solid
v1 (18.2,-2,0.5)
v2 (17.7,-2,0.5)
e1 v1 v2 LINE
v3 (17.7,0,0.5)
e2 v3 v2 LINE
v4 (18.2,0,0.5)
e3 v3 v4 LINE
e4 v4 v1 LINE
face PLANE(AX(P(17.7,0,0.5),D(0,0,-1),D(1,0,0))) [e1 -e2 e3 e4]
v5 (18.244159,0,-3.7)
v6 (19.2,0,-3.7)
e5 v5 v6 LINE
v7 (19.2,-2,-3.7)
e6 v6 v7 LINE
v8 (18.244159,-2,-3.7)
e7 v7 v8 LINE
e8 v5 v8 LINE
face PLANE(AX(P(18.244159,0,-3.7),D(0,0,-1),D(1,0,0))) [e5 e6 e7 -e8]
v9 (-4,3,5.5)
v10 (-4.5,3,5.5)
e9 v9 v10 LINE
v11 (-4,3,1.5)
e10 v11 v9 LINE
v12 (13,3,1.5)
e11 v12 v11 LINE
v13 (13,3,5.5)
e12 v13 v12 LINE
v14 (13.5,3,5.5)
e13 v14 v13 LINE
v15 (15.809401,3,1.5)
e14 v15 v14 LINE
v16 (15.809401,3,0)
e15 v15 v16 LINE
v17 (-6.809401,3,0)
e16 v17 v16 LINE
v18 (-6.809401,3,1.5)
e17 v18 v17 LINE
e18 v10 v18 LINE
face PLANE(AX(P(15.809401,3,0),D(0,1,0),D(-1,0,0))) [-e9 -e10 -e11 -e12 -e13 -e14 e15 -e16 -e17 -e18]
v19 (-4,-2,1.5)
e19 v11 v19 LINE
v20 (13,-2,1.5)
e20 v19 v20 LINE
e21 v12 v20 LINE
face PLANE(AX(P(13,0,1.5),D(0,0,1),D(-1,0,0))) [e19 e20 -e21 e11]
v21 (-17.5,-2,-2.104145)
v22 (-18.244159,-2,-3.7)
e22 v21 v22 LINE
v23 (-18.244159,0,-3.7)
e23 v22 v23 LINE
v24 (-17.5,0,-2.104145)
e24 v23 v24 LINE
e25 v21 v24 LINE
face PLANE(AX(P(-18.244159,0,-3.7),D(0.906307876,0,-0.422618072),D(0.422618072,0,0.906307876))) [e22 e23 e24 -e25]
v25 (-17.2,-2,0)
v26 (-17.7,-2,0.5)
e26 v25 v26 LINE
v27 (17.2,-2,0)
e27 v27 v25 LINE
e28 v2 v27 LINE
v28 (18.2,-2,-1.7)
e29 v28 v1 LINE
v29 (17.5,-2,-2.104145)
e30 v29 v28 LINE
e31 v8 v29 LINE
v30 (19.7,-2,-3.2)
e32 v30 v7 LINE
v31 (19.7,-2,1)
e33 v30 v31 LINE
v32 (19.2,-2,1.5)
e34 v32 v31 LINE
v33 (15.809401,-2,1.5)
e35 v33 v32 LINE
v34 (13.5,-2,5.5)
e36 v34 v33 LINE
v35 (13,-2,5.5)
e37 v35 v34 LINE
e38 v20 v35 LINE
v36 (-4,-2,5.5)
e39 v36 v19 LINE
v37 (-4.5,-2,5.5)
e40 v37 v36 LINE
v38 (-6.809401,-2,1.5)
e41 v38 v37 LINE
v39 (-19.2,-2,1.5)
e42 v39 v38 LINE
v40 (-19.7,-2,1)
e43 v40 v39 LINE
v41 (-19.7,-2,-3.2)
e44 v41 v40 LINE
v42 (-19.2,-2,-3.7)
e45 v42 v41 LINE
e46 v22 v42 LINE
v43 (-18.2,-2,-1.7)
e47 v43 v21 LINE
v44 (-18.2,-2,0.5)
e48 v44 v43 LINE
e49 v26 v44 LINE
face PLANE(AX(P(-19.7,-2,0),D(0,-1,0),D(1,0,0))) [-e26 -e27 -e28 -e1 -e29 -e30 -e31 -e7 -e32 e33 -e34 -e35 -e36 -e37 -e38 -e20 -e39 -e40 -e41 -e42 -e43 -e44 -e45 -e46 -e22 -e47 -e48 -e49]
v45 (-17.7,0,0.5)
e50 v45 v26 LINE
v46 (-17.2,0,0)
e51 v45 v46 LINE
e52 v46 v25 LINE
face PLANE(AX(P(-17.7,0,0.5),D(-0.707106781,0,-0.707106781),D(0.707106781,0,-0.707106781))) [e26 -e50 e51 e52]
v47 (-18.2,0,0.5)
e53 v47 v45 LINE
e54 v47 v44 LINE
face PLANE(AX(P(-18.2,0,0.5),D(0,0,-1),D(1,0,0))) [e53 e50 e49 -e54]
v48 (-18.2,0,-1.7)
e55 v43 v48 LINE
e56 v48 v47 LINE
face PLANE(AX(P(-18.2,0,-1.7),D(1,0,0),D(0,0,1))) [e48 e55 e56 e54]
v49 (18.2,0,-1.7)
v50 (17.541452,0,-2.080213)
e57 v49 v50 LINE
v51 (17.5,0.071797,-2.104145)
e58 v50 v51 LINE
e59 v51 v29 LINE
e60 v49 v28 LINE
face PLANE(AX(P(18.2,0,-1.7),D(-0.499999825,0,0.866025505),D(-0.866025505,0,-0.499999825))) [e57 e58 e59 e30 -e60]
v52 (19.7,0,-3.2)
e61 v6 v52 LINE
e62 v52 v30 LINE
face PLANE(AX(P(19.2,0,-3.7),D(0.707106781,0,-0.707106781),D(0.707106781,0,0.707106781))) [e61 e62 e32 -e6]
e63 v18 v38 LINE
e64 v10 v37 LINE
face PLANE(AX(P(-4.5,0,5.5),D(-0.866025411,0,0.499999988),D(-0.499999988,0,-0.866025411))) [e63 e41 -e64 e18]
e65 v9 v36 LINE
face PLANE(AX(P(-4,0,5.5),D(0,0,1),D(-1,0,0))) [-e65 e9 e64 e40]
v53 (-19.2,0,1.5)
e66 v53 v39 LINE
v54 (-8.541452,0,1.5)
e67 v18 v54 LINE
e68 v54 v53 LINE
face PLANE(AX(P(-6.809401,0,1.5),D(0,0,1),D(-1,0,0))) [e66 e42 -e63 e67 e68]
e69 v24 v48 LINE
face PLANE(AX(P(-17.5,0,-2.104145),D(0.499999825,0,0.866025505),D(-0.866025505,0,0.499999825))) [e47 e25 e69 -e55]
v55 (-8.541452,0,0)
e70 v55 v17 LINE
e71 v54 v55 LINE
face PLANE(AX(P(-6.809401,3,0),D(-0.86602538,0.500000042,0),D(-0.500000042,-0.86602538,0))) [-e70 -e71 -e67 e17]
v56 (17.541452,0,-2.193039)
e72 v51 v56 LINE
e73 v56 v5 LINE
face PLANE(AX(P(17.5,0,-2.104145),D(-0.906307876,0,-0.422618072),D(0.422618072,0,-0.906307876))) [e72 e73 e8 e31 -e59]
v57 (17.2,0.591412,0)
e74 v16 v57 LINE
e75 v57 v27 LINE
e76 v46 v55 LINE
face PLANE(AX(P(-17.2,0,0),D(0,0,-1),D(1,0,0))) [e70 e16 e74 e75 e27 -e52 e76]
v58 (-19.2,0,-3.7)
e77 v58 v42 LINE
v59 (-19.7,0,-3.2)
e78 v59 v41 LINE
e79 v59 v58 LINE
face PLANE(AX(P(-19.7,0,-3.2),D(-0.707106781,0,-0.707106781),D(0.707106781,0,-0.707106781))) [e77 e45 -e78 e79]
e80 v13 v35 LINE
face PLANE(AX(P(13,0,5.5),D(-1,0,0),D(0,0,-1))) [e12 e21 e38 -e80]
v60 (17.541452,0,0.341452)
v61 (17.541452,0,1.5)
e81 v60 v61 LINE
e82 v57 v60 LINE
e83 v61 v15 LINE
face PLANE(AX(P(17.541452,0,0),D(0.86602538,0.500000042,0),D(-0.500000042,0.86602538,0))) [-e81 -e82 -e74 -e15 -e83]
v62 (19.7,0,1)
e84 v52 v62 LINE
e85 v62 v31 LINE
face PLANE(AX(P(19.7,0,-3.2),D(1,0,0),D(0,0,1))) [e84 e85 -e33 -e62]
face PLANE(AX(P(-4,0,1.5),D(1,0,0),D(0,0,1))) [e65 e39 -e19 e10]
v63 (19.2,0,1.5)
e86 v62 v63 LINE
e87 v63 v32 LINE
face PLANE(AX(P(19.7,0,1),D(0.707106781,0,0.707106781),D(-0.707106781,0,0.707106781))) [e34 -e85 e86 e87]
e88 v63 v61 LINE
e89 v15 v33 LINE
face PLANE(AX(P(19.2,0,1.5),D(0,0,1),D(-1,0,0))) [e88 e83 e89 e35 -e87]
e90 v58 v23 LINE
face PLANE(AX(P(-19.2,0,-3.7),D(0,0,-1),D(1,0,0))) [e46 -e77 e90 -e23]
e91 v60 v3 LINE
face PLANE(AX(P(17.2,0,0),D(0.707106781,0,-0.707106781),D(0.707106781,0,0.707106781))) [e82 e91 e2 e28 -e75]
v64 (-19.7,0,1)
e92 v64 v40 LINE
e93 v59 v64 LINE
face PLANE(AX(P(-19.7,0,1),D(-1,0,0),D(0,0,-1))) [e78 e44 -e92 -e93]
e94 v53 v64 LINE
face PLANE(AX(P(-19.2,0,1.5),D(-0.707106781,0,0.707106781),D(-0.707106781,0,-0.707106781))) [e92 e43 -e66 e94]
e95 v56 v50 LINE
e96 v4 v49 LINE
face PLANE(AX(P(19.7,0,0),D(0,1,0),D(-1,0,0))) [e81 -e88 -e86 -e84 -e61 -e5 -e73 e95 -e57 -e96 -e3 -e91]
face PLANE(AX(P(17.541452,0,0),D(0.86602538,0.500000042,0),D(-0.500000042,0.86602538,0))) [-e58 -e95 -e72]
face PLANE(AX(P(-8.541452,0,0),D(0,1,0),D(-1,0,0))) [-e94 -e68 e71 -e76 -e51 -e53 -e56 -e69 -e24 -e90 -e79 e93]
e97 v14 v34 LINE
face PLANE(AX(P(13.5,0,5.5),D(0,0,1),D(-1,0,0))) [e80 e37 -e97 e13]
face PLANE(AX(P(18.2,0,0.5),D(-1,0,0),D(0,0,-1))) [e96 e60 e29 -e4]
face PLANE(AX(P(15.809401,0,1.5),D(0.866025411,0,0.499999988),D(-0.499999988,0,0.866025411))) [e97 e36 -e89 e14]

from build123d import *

# Parameters (mm, degrees)
F2_DEPTH = 12.5
F3_DEPTH = 12.5


with BuildPart() as f2:
    # F0 (on Front) → F2 (new body, symmetric)
    with BuildSketch(Plane.XZ):
        Polygon((-18.2, -1.7), (-18.2, 0), (-18.2, 0.5), (-17.7, 0.5), (-17.2, 0), (0, 0), (17.2, 0), (17.7, 0.5), (18.2, 0.5), (18.2, 0), (18.2, -1.7), (17.5, -2.104145), (18.244159, -3.7), (19.2, -3.7), (19.7, -3.2), (19.7, 0), (19.7, 1), (19.2, 1.5), (15.809401, 1.5), (13, 1.5), (0, 1.5), (-4, 1.5), (-6.809401, 1.5), (-19.2, 1.5), (-19.7, 1), (-19.7, 0), (-19.7, -3.2), (-19.2, -3.7), (-18.244159, -3.7), (-17.5, -2.104145), align=None)
        Polygon((-4.5, 5.5), (-6.809401, 1.5), (-4, 1.5), (-4, 5.5), align=None)
        Polygon((13, 5.5), (13, 1.5), (15.809401, 1.5), (13.5, 5.5), align=None)
    extrude(amount=F2_DEPTH, both=True)

    # F1 (on Top) → F3 (intersect, symmetric)
    with BuildSketch(Plane.XY):
        Polygon((-8.541452, 0), (-19.7, 0), (-19.7, -2), (19.7, -2), (19.7, 0), (17.541452, 0), (15.809401, 3), (-6.809401, 3), align=None)
    extrude(amount=F3_DEPTH, both=True, mode=Mode.INTERSECT)


solid = f2.part
